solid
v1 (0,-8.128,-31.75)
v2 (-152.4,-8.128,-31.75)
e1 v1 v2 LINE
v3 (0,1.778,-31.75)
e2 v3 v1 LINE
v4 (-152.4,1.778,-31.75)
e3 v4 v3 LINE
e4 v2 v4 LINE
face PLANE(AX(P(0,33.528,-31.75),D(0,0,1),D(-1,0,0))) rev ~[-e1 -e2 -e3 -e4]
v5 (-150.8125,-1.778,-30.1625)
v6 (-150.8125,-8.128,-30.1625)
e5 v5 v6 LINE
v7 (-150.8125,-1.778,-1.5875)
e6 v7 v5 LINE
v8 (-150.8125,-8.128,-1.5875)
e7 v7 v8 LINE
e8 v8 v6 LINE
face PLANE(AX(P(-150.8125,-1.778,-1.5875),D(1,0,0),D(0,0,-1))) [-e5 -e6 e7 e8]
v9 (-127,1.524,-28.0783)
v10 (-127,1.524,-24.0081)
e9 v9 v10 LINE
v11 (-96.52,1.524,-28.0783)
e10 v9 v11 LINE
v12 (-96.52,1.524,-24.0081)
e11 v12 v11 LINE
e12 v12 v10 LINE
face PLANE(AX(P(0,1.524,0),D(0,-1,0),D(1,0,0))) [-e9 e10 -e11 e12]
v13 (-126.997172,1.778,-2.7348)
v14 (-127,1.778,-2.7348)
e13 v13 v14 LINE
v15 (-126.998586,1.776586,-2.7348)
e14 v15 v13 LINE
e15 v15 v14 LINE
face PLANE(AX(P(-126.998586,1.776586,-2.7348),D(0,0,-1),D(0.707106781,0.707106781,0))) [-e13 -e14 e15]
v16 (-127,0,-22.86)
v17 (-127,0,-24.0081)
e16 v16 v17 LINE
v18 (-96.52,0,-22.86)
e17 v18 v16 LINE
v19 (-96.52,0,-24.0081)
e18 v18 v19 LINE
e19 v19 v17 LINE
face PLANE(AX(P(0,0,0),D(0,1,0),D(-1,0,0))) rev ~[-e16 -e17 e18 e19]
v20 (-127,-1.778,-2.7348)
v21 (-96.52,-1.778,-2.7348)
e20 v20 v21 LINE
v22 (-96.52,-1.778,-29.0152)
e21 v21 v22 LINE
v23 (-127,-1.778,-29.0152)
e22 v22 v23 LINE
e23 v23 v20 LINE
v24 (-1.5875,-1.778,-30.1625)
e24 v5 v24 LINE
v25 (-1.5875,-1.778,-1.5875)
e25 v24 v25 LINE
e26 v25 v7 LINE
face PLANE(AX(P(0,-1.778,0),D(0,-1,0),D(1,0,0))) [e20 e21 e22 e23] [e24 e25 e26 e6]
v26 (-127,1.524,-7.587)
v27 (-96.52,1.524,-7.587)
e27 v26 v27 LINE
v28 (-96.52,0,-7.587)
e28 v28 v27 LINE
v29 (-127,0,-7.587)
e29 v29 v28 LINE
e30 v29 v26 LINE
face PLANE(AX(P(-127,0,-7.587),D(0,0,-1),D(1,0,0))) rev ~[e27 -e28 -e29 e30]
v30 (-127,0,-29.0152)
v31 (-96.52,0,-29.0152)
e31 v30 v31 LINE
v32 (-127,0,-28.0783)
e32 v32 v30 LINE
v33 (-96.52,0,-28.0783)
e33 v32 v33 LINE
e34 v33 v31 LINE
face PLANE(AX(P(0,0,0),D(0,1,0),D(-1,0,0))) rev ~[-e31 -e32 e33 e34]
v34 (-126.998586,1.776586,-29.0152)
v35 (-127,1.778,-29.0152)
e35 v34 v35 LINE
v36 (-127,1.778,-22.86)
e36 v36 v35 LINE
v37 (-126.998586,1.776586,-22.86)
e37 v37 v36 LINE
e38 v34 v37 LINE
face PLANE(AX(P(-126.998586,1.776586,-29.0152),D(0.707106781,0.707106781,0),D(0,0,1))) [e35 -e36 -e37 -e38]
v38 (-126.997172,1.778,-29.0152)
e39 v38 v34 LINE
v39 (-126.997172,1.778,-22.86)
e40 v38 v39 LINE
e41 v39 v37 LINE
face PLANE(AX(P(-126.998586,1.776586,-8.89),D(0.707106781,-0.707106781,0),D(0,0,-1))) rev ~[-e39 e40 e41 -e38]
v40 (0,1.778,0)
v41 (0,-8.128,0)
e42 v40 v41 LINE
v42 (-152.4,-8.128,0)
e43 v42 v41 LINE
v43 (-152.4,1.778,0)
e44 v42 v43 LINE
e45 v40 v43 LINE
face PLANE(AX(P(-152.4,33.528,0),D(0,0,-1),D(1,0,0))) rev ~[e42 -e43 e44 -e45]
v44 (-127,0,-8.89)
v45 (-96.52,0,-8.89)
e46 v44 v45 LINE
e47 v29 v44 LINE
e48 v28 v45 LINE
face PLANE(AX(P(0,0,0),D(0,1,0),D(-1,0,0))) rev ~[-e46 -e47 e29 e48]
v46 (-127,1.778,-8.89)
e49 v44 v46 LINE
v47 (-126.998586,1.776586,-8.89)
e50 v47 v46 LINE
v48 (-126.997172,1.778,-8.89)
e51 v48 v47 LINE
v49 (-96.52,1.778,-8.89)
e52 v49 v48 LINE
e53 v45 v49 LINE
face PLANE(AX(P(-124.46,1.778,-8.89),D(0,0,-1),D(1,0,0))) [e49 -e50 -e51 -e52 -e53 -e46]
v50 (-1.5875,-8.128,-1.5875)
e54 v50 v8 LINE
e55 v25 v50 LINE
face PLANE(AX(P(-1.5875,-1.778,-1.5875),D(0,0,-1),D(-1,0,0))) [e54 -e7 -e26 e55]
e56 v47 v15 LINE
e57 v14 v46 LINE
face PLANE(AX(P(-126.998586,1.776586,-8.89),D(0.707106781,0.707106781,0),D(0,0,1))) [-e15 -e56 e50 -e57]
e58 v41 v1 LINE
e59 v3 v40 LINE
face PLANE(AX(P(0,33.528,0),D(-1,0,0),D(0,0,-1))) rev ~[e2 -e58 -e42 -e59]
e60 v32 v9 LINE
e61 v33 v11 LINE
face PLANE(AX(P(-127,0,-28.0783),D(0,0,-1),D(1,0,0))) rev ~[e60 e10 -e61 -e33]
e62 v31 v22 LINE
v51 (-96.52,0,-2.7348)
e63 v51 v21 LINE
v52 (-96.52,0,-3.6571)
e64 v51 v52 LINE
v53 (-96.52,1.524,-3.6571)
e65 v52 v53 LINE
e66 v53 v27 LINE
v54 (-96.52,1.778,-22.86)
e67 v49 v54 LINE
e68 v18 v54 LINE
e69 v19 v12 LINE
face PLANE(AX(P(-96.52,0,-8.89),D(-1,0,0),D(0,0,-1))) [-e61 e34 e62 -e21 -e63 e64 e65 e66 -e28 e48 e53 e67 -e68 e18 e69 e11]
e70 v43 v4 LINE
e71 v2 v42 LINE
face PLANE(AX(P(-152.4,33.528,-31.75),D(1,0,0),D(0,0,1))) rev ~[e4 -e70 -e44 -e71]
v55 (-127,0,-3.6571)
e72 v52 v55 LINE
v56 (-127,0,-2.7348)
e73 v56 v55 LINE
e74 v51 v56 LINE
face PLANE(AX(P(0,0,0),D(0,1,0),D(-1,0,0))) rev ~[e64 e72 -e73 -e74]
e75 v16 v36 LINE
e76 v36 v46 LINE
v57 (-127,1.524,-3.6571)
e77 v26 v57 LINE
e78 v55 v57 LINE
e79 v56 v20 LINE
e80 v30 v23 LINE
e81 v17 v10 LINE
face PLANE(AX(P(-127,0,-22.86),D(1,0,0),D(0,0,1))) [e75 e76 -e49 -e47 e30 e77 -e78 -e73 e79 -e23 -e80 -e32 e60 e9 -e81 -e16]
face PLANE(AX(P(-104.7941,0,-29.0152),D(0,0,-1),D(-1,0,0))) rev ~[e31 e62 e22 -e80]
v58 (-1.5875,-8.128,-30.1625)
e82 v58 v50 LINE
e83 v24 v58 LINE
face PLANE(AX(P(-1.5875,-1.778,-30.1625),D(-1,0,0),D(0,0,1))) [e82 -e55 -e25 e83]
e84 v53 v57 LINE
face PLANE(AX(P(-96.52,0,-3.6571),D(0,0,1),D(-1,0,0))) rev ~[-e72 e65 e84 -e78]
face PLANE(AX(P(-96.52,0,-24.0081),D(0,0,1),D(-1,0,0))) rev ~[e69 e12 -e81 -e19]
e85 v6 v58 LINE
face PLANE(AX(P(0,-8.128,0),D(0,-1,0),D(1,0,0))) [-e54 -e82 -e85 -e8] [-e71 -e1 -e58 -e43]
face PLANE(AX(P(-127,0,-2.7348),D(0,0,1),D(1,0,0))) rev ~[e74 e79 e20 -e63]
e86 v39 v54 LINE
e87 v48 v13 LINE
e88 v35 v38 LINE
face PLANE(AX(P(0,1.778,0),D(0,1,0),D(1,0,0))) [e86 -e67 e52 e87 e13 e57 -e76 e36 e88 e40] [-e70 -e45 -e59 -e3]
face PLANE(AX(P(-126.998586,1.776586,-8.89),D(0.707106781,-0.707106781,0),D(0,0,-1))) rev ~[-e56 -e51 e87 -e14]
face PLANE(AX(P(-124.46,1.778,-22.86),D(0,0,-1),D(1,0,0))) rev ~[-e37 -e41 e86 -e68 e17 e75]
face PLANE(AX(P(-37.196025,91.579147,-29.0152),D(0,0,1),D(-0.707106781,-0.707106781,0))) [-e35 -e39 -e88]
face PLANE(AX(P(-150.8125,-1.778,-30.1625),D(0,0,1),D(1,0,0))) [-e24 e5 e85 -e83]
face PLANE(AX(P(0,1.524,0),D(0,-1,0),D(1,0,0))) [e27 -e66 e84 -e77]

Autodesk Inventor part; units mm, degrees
ref_plane "YZ Plane" through (0, 0, 0) normal (1, 0, 0) x (0, 1, 0)
ref_plane "XZ Plane" through (0, 0, 0) normal (0, 1, 0) x (-1, 0, 0)
ref_plane "XY Plane" through (0, 0, 0) normal (0, 0, 1) x (1, 0, 0)
sketch "Sketch1" plane through (0, 0, 0) normal (0, 1, 0) x (-1, 0, 0)
  line L0 (0, 0) -> (152.4, 0)
  line L1 (152.4, 0) -> (152.4, -31.75)
  line L2 (152.4, -31.75) -> (0, -31.75)
  line L3 (0, -31.75) -> (0, 0)
  line L4 (127, -8.89) -> (96.52, -8.89)
  line L5 (96.52, -8.89) -> (96.52, -22.86)
  line L6 (96.52, -22.86) -> (127, -22.86)
  line L7 (127, -22.86) -> (127, -8.89)
  line L8 (117.2368, -8.89) -> (117.2368, 0)
  line L9 (117.2368, -22.86) -> (117.2368, -31.75)
  dimension "d0" = 152.4
  dimension "d1" = 31.75
  dimension "d2" = 30.48
  dimension "d3" = 13.97
  dimension "d4" = 25.4
extrude "Extrusion1" add sketch "Sketch1" along normal blind 1.778 contours L0 L8 L4 L5 L6 L9 L2 L3 | L0 L1 L2 L9 L6 L7 L4 L8
sketch "Sketch2" plane through (0, 0, 0) normal (0, -1, 0) x (1, 0, 0)
  line L0 (-152.4, 0) -> (0, 0) projected
  line L1 (0, 0) -> (0, -31.75) projected
  line L2 (-152.4, 0) -> (0, 0)
  line L3 (0, 0) -> (0, -31.75)
  line L4 (0, -31.75) -> (-152.4, -31.75)
  line L5 (-152.4, -31.75) -> (-152.4, 0)
  line L6 (-127, -2.7348) -> (-96.52, -2.7348)
  line L7 (-96.52, -2.7348) -> (-96.52, -29.0152)
  line L8 (-96.52, -29.0152) -> (-127, -29.0152)
  line L9 (-127, -29.0152) -> (-127, -2.7348)
  line L10 (-127, -8.89) -> (-127, -22.86) projected
  line L11 (-103.8171, -2.7348) -> (-103.8171, 0)
  line L12 (-104.7941, -29.0152) -> (-104.7941, -31.75)
  line L13 (0, -31.75) -> (-152.4, -31.75) projected
  dimension "d7" = 30.48
  dimension "d8" = 0
extrude "Extrusion2" add sketch "Sketch2" along normal blind 1.778 contours L0 L11 L6 L9 L8 L12 L4 L5 | L0 L1 L4 L12 L8 L7 L6 L11
sketch "Sketch3" plane through (0, -1.778, 0) normal (0, -1, 0) x (1, 0, 0)
  line L0 (-152.4, 0) -> (0, 0) projected
  line L1 (0, -31.75) -> (-152.4, -31.75) projected
  line L2 (-152.4, 0) -> (0, 0)
  line L3 (0, 0) -> (0, -31.75)
  line L4 (0, -31.75) -> (-152.4, -31.75)
  line L5 (-152.4, -31.75) -> (-152.4, 0)
  line L6 (-1.5875, -30.1625) -> (-1.5875, -1.5875)
  line L7 (-1.5875, -1.5875) -> (-150.8125, -1.5875)
  line L8 (-150.8125, -1.5875) -> (-150.8125, -30.1625)
  line L9 (-150.8125, -30.1625) -> (-1.5875, -30.1625)
  dimension "d11" = 1.5875
extrude "Extrusion3" add sketch "Sketch3" along normal blind 6.35
sketch "Sketch4" plane through (0, 1.778, 0) normal (0, 1, 0) x (1, 0, 0)
  line L0 (-152.4, 0) -> (0, 0) projected
  line L1 (-152.4, 31.75) -> (-152.4, 0) projected
  line L2 (0, 0) -> (-152.4, 0)
  line L3 (-152.4, 0) -> (-152.4, 31.75)
  line L4 (-152.4, 31.75) -> (0, 31.75)
  line L5 (-6.35, 25.4) -> (-146.05, 25.4)
  line L6 (-146.05, 25.4) -> (-146.05, 6.35)
  line L7 (-146.05, 6.35) -> (-6.35, 6.35)
  line L8 (-13.5859, 25.4) -> (0, 25.4)
  line L9 (0, 0) -> (0, 31.75) projected
  line L10 (-13.5859, 6.35) -> (0, 6.35)
  line L11 (0, 31.75) -> (0, 25.4)
  line L12 (0, 6.35) -> (0, 0)
  line L13 (-127, 22.86) -> (-96.52, 22.86) projected
  line L14 (-96.52, 22.86) -> (-93.98, 22.86)
  line L15 (-93.98, 22.86) -> (-93.98, 25.4)
  line L16 (-93.98, 25.4) -> (-96.52, 25.4)
  line L17 (-96.52, 25.4) -> (-96.52, 22.86)
  line L18 (-96.52, 2.7348) -> (-96.52, 29.0152) projected
  line L19 (-96.52, 6.35) -> (-93.98, 6.35)
  line L20 (-93.98, 6.35) -> (-93.98, 8.89)
  line L21 (-93.98, 8.89) -> (-96.52, 8.89)
  line L22 (-96.52, 8.89) -> (-96.52, 6.35)
  line L23 (-121.92, 25.4) -> (-124.46, 25.4)
  line L24 (-124.46, 25.4) -> (-124.46, 22.86)
  line L25 (-124.46, 22.86) -> (-121.92, 22.86)
  line L26 (-121.92, 22.86) -> (-121.92, 25.4)
  line L27 (-121.92, 6.35) -> (-124.46, 6.35)
  line L28 (-124.46, 6.35) -> (-124.46, 8.89)
  line L29 (-124.46, 8.89) -> (-121.92, 8.89)
  line L30 (-121.92, 8.89) -> (-121.92, 6.35)
  line L31 (-68.58, 25.4) -> (-66.04, 25.4)
  line L32 (-66.04, 25.4) -> (-66.04, 22.86)
  line L33 (-66.04, 22.86) -> (-68.58, 22.86)
  line L34 (-68.58, 22.86) -> (-68.58, 25.4)
  line L35 (-68.58, 6.35) -> (-66.04, 6.35)
  line L36 (-66.04, 6.35) -> (-66.04, 8.89)
  line L37 (-66.04, 8.89) -> (-68.58, 8.89)
  line L38 (-68.58, 8.89) -> (-68.58, 6.35)
  line L39 (-40.64, 6.35) -> (-38.1, 6.35)
  line L40 (-38.1, 6.35) -> (-38.1, 8.89)
  line L41 (-38.1, 8.89) -> (-40.64, 8.89)
  line L42 (-40.64, 8.89) -> (-40.64, 6.35)
  line L43 (-40.64, 25.4) -> (-38.1, 25.4)
  line L44 (-38.1, 25.4) -> (-38.1, 22.86)
  line L45 (-38.1, 22.86) -> (-40.64, 22.86)
  line L46 (-40.64, 22.86) -> (-40.64, 25.4)
  line L47 (-12.7, 25.4) -> (-10.16, 25.4)
  line L48 (-10.16, 25.4) -> (-10.16, 22.86)
  line L49 (-10.16, 22.86) -> (-12.7, 22.86)
  line L50 (-12.7, 22.86) -> (-12.7, 25.4)
  line L51 (-12.7, 6.35) -> (-10.16, 6.35)
  line L52 (-10.16, 6.35) -> (-10.16, 8.89)
  line L53 (-10.16, 8.89) -> (-12.7, 8.89)
  line L54 (-12.7, 8.89) -> (-12.7, 6.35)
  point P0 (-121.92, 7.62)
  point P1 (-96.52, 7.62)
  point P2 (-93.98, 24.13)
  point P3 (-68.58, 24.13)
  point P4 (-40.64, 24.13)
  point P5 (-66.04, 24.13)
  point P6 (-12.7, 24.13)
  point P7 (-38.1, 24.13)
  point P8 (-6.35, 6.35)
  dimension "d14" = 6.35
  dimension "d15" = 2.54
  dimension "d16" = 2.54
  dimension "d17" = 2.54
  dimension "d18" = 2.54
  dimension "d19" = 2.54
  dimension "d20" = 2.54
  dimension "d21" = 25.4
  dimension "d22" = 2.54
  dimension "d23" = 2.54
  dimension "d24" = 2.54
  dimension "d25" = 2.54
  dimension "d26" = 2.54
  dimension "d27" = 2.54
  dimension "d28" = 2.54
  dimension "d29" = 2.54
  dimension "d30" = 2.54
  dimension "d31" = 2.54
  dimension "d32" = 2.54
  dimension "d33" = 2.54
  dimension "d34" = 25.4
  dimension "d35" = 25.4
  dimension "d36" = 25.4
extrude "Extrusion4" add sketch "Sketch4" along normal blind 31.75 contours L1 L4 L9 L8 L5 L6 L7 L10 L0 | L7 L54 L53 L52 | L48 L49 L50 L5 | L7 L42 L41 L40 | L44 L45 L46 L5 | L7 L38 L37 L36 | L32 L33 L34 L5 | L7 L18 L21 L20 | L15 L14 L17 L5 | L7 L28 L29 L30 | L26 L13 L24 L5
sketch "Sketch5" plane through (-93.98, 1.778, -8.89) normal (0, 0, -1) x (-1, 0, 0)
  line L0 (2.54, 31.75) -> (0, 31.75)
  line L1 (0, 31.75) -> (0, 29.21)
  line L2 (0, 29.21) -> (2.54, 29.21)
  line L3 (2.54, 29.21) -> (2.54, 31.75)
  line L4 (30.48, 31.75) -> (27.94, 31.75) projected
  line L5 (30.48, 0) -> (30.48, 31.75) projected
  line L6 (27.94, 31.75) -> (30.48, 31.75)
  line L7 (30.48, 31.75) -> (30.48, 29.21)
  line L8 (30.48, 29.21) -> (27.94, 29.21)
  line L9 (27.94, 29.21) -> (27.94, 31.75)
  line L10 (-27.94, 0) -> (-27.94, 31.75) projected
  line L11 (-25.4, 0) -> (-25.4, 31.75) projected
  line L12 (-27.94, 29.21) -> (-25.4, 29.21)
  line L13 (-25.4, 29.21) -> (-25.4, 31.75)
  line L14 (-25.4, 31.75) -> (-27.94, 31.75)
  line L15 (-27.94, 31.75) -> (-27.94, 29.21)
  line L16 (-93.98, 31.75) -> (58.42, 31.75) projected
  line L17 (-27.94, 31.75) -> (-25.4, 31.75)
  line L18 (-25.4, 31.75) -> (-25.4, 29.21)
  line L19 (-25.4, 29.21) -> (-27.94, 29.21)
  line L20 (-27.94, 29.21) -> (-27.94, 31.75)
  line L21 (-53.34, 31.75) -> (-55.88, 31.75)
  line L22 (-55.88, 31.75) -> (-55.88, 29.21)
  line L23 (-55.88, 29.21) -> (-53.34, 29.21)
  line L24 (-53.34, 29.21) -> (-53.34, 31.75)
  line L25 (-81.28, 31.75) -> (-83.82, 31.75)
  line L26 (-83.82, 31.75) -> (-83.82, 29.21)
  line L27 (-83.82, 29.21) -> (-81.28, 29.21)
  line L28 (-81.28, 29.21) -> (-81.28, 31.75)
  line L29 (30.48, 31.75) -> (52.07, 31.75) projected
  line L30 (30.48, 31.75) -> (27.94, 31.75)
  line L31 (27.94, 31.75) -> (27.94, 29.21)
  line L32 (27.94, 29.21) -> (30.48, 29.21)
  line L33 (30.48, 29.21) -> (30.48, 31.75)
  point P0 (-93.98, -1.778)
  point P1 (0, 30.48)
  point P2 (-25.4, 30.48)
  point P3 (-27.94, 30.48)
  point P4 (-53.34, 30.48)
  point P5 (-81.28, 30.48)
  point P6 (-55.88, 30.48)
  point P7 (27.94, 30.48)
  point P8 (2.54, 30.48)
  dimension "d39" = 2.54
  dimension "d40" = 2.54
  dimension "d41" = 2.54
  dimension "d42" = 2.54
  dimension "d43" = 2.54
  dimension "d44" = 2.54
  dimension "d45" = 25.4
  dimension "d46" = 25.4
  dimension "d47" = 2.54
  dimension "d48" = 2.54
  dimension "d49" = 25.4
  dimension "d50" = 2.54
  dimension "d51" = 2.54
  dimension "d52" = 25.4
extrude "Extrusion5" add sketch "Sketch5" along normal up to next
sketch "Sketch6" plane through (0, 33.528, 0) normal (0, 1, 0) x (1, 0, 0)
  line L0 (-152.4, 31.75) -> (-152.4, 0) projected
  line L1 (0, 31.75) -> (-152.4, 31.75) projected
  line L2 (-152.4, 0) -> (0, 0)
  line L3 (0, 0) -> (0, 31.75)
  line L4 (0, 31.75) -> (-152.4, 31.75)
  line L5 (-152.4, 31.75) -> (-152.4, 0)
extrude "Extrusion6" add sketch "Sketch6" along normal blind 3.175
ref_plane "Work Plane1" through (-127, 1.778, -8.89) normal (0.7071, -0.7071, 0) x (0, 0, -1)
sketch "Sketch7" plane through (-127, 1.778, -8.89) normal (0.7071, -0.7071, 0) x (0, 0, -1)
  line L0 (20.1252, -1.2572) -> (20.1252, 20.2954) projected
  line L1 (20.1252, 0) -> (-6.1552, 0)
  line L2 (-6.1552, 0) -> (-6.1552, 127)
  line L3 (-6.1552, 127) -> (20.1252, 127)
  line L4 (20.1252, 127) -> (20.1252, 0)
  line L5 (0, 0) -> (13.97, 0) projected
  point P0 (-8.89, 88.5453)
  point P1 (20.1252, 20.2954)
  dimension "d58" = 0
  dimension "d59" = 127
extrude "Extrusion7" cut sketch "Sketch7" against normal blind 3.175
sketch "Sketch8" plane through (0, 1.778, 0) normal (0, 1, 0) x (1, 0, 0)
  line L0 (63.8737, 171.7375) -> (-193.0507, 171.7375)
  line L1 (-193.0507, 171.7375) -> (-193.0507, -76.4775)
  line L2 (-193.0507, -76.4775) -> (63.8737, -76.4775)
  line L3 (63.8737, -76.4775) -> (63.8737, 171.7375)
  point P0 (0, 0)
extrude "Extrusion8" cut sketch "Sketch8" along normal up to next
sketch "Sketch9" plane through (0, 0, 0) normal (0, -1, 0) x (1, 0, 0)
  line L0 (-96.52, -2.7348) -> (-96.52, -29.0152) projected
  line L1 (-127, -29.0152) -> (-127, -2.7348) projected
  line L2 (-96.52, -3.6571) -> (-127, -3.6571)
  line L3 (-127, -3.6571) -> (-127, -7.587)
  line L4 (-127, -7.587) -> (-96.52, -7.587)
  line L5 (-96.52, -7.587) -> (-96.52, -3.6571)
  line L6 (-96.52, -24.0081) -> (-127, -24.0081)
  line L7 (-127, -24.0081) -> (-127, -28.0783)
  line L8 (-127, -28.0783) -> (-96.52, -28.0783)
  line L9 (-96.52, -28.0783) -> (-96.52, -24.0081)
  point P0 (0, 0)
extrude "Extrusion9" cut sketch "Sketch9" against normal blind 1.524 contours L0 L4 L1 L2 | L0 L8 L1 L6
properties part number "Base"
